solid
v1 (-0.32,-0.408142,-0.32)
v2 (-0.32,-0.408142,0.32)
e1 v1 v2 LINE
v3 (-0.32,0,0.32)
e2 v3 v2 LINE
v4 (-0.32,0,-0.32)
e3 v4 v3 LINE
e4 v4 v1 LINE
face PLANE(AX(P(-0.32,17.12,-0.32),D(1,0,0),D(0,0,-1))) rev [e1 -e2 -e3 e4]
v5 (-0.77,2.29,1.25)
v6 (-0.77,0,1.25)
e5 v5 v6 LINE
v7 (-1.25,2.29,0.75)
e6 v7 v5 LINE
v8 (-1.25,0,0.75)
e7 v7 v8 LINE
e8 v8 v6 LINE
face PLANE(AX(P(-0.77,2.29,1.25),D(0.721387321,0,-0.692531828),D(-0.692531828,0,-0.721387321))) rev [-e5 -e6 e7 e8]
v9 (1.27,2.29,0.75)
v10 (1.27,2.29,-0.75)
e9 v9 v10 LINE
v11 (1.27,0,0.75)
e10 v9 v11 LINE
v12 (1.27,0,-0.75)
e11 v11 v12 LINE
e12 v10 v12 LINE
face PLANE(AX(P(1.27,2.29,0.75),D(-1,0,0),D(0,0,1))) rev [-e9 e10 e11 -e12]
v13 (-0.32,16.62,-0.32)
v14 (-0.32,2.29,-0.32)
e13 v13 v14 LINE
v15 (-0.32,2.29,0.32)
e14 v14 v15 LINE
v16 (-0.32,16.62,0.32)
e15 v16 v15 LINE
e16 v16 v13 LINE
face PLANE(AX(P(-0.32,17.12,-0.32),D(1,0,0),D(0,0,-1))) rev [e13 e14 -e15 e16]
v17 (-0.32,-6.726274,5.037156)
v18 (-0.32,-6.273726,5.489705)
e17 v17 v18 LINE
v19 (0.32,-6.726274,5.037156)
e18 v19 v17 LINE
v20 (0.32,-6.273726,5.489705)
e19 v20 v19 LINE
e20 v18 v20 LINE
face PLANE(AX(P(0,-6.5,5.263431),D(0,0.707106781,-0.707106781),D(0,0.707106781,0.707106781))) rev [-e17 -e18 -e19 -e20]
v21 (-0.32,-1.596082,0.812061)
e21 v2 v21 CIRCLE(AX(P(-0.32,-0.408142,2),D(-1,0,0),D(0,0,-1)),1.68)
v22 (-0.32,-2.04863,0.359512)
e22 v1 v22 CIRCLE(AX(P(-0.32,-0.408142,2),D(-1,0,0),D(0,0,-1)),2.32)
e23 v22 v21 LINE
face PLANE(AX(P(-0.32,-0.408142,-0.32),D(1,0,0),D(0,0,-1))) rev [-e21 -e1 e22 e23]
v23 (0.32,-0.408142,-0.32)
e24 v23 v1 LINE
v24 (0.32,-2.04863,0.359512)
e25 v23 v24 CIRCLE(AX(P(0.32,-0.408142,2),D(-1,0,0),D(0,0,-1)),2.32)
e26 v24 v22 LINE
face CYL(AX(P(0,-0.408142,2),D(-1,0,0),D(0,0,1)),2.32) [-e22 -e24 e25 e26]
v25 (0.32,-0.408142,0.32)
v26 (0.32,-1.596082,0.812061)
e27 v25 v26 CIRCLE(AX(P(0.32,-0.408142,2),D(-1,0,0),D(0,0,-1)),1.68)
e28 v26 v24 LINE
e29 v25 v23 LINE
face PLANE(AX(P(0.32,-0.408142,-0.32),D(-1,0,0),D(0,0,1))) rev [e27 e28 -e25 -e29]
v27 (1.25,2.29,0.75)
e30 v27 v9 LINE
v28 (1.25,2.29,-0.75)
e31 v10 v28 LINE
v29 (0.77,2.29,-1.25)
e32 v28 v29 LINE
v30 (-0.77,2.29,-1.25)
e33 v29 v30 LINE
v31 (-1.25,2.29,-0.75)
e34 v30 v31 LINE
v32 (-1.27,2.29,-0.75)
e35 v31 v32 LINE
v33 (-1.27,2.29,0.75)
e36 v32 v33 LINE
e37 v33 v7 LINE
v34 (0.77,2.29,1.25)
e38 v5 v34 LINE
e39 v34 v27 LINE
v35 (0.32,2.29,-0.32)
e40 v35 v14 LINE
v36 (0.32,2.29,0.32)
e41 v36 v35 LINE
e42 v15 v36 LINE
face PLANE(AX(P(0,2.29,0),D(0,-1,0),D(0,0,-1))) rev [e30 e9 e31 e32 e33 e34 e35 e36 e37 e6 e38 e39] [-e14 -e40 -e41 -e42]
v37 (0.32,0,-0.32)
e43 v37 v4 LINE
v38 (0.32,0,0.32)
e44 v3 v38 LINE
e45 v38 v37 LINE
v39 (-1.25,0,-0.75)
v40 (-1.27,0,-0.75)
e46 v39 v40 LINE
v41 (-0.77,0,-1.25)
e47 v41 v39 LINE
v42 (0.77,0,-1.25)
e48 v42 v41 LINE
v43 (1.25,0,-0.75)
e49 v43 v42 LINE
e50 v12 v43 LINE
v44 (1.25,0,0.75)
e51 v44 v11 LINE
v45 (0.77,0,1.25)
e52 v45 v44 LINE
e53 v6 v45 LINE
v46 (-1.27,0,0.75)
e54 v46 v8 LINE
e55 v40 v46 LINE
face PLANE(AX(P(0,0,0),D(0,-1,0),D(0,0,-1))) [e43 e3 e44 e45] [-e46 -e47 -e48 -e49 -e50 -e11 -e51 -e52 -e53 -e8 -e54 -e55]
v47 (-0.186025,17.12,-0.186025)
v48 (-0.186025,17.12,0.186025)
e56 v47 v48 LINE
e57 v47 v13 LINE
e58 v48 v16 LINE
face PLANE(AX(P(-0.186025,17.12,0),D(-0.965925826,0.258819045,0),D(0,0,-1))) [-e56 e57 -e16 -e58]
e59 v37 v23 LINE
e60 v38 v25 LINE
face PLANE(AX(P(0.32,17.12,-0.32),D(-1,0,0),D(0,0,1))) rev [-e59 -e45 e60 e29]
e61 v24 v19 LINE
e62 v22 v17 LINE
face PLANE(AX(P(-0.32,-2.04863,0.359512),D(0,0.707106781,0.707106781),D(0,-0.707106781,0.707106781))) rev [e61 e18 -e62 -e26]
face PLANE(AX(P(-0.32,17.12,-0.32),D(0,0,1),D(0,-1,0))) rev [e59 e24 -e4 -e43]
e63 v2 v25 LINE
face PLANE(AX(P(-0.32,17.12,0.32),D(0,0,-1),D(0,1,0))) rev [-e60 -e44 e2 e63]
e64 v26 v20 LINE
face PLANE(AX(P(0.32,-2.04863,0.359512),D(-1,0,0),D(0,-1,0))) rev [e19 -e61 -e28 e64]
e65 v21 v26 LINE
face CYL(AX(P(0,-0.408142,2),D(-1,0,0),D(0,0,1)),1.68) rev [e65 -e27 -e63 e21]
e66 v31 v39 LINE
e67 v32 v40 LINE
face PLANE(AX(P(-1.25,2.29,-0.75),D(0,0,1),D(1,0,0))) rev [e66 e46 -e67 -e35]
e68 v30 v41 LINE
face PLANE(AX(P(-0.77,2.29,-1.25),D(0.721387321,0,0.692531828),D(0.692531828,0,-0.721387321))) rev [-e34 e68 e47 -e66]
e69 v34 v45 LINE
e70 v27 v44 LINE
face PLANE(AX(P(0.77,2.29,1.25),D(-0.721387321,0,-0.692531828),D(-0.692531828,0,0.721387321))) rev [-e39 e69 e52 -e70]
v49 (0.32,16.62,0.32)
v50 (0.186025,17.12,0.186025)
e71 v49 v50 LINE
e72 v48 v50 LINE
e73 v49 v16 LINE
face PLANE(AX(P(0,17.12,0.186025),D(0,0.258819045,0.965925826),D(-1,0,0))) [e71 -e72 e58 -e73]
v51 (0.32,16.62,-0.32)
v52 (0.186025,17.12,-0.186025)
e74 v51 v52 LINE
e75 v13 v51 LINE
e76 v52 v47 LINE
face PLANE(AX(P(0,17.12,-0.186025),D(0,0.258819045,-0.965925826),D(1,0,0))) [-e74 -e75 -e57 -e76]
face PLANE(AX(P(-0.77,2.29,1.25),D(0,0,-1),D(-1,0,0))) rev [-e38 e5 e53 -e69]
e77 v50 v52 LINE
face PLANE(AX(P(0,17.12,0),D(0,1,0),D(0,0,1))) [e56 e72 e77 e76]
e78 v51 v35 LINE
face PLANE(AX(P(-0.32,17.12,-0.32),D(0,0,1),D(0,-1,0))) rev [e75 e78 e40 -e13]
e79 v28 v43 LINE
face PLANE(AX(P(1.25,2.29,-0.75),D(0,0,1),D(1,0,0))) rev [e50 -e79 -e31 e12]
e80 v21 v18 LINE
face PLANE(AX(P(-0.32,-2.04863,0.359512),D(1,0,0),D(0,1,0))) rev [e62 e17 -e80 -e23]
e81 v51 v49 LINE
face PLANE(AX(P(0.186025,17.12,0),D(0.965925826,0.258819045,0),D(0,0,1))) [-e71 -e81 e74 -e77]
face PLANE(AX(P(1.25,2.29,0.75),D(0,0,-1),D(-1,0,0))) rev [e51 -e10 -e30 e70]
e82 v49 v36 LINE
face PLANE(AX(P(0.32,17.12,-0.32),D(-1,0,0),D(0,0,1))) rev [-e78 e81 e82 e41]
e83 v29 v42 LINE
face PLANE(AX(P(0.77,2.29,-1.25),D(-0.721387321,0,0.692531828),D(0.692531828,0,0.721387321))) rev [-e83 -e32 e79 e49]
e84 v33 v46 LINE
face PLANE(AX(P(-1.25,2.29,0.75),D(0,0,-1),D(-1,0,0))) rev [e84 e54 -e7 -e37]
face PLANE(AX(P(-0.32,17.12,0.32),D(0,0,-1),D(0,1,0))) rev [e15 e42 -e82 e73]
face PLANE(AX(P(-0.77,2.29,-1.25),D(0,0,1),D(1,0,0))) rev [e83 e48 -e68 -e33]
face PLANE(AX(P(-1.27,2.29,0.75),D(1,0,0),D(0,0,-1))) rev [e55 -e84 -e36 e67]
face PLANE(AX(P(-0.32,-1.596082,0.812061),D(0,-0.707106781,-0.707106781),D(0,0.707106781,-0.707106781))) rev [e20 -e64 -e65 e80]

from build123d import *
from OCP.BRepFilletAPI import BRepFilletAPI_MakeChamfer

# Parameters (mm, degrees)
BOSS_EXTRUDE1_DEPTH = 2.29
SKETCH3_W           = 0.64
SKETCH3_H           = 0.64
CHAMFER3_SIZE       = 0.5
CHAMFER3_SIZE2      = 0.133974596


with BuildPart() as part:
    # Sketch1 → Boss-Extrude1 (new body)
    with BuildSketch(Plane(origin=(0, 0, 0), x_dir=(1, 0, 0), z_dir=(0, 1, 0))):
        Polygon((-0.77, 1.25), (0.77, 1.25), (1.25, 0.75), (1.27, 0.75), (1.27, -0.75), (1.25, -0.75), (0.77, -1.25), (-0.77, -1.25), (-1.25, -0.75), (-1.27, -0.75), (-1.27, 0.75), (-1.25, 0.75), align=None)
    extrude(amount=BOSS_EXTRUDE1_DEPTH)

    # Sweep1: sweep along a path in Sketch2
    with BuildLine(Plane(origin=(0, 0, 0), x_dir=(0, 0, -1), z_dir=(1, 0, 0))) as sweep1_path:
        Line((0, 17.12), (0, -0.408142235))
        ThreePointArc((0, -0.408142235), (-0.152240935, -1.1735091), (-0.585786438, -1.822355798))
        Line((-0.585786438, -1.822355798), (-5.26343064, -6.5))
    # Sketch3 → Sweep1 (sweep)
    with BuildSketch(Plane(origin=(0, 17.12, 0), x_dir=(1, 0, 0), z_dir=(0, 1, 0))):
        Rectangle(SKETCH3_W, SKETCH3_H)
    sweep(path=sweep1_path.line)

    # Chamfer3: one chamfer whose edges measure the first distance from different faces: ONE call of the kernel's chamfer builder (chamfer() names one face for all edges)
    chamfer3_edges_1 = [part.edges().sort_by_distance(p)[0] for p in [
        (0.32, 17.12, 0),
    ]]
    chamfer3_side_1 = [part.faces().sort_by_distance(p)[0] for p in [
        (0.32, 9.705, 0),
    ]]
    chamfer3_edges_2 = [part.edges().sort_by_distance(p)[0] for p in [
        (0, 17.12, -0.32),
    ]]
    chamfer3_side_2 = [part.faces().sort_by_distance(p)[0] for p in [
        (0, 9.705, -0.32),
    ]]
    chamfer3_edges_3 = [part.edges().sort_by_distance(p)[0] for p in [
        (-0.32, 17.12, 0),
    ]]
    chamfer3_side_3 = [part.faces().sort_by_distance(p)[0] for p in [
        (-0.32, 9.705, 0),
    ]]
    chamfer3_edges_4 = [part.edges().sort_by_distance(p)[0] for p in [
        (0, 17.12, 0.32),
    ]]
    chamfer3_side_4 = [part.faces().sort_by_distance(p)[0] for p in [
        (0, 9.705, 0.32),
    ]]
    chamfer3 = BRepFilletAPI_MakeChamfer(part.part.solid().wrapped)
    for e in chamfer3_edges_1:
        chamfer3.Add(CHAMFER3_SIZE, CHAMFER3_SIZE2, e.wrapped, chamfer3_side_1[0].wrapped)  # the first distance lies on this face
    for e in chamfer3_edges_2:
        chamfer3.Add(CHAMFER3_SIZE, CHAMFER3_SIZE2, e.wrapped, chamfer3_side_2[0].wrapped)  # the first distance lies on this face
    for e in chamfer3_edges_3:
        chamfer3.Add(CHAMFER3_SIZE, CHAMFER3_SIZE2, e.wrapped, chamfer3_side_3[0].wrapped)  # the first distance lies on this face
    for e in chamfer3_edges_4:
        chamfer3.Add(CHAMFER3_SIZE, CHAMFER3_SIZE2, e.wrapped, chamfer3_side_4[0].wrapped)  # the first distance lies on this face
    add(Compound.cast(chamfer3.Shape()), mode=Mode.REPLACE)


solid = part.part
